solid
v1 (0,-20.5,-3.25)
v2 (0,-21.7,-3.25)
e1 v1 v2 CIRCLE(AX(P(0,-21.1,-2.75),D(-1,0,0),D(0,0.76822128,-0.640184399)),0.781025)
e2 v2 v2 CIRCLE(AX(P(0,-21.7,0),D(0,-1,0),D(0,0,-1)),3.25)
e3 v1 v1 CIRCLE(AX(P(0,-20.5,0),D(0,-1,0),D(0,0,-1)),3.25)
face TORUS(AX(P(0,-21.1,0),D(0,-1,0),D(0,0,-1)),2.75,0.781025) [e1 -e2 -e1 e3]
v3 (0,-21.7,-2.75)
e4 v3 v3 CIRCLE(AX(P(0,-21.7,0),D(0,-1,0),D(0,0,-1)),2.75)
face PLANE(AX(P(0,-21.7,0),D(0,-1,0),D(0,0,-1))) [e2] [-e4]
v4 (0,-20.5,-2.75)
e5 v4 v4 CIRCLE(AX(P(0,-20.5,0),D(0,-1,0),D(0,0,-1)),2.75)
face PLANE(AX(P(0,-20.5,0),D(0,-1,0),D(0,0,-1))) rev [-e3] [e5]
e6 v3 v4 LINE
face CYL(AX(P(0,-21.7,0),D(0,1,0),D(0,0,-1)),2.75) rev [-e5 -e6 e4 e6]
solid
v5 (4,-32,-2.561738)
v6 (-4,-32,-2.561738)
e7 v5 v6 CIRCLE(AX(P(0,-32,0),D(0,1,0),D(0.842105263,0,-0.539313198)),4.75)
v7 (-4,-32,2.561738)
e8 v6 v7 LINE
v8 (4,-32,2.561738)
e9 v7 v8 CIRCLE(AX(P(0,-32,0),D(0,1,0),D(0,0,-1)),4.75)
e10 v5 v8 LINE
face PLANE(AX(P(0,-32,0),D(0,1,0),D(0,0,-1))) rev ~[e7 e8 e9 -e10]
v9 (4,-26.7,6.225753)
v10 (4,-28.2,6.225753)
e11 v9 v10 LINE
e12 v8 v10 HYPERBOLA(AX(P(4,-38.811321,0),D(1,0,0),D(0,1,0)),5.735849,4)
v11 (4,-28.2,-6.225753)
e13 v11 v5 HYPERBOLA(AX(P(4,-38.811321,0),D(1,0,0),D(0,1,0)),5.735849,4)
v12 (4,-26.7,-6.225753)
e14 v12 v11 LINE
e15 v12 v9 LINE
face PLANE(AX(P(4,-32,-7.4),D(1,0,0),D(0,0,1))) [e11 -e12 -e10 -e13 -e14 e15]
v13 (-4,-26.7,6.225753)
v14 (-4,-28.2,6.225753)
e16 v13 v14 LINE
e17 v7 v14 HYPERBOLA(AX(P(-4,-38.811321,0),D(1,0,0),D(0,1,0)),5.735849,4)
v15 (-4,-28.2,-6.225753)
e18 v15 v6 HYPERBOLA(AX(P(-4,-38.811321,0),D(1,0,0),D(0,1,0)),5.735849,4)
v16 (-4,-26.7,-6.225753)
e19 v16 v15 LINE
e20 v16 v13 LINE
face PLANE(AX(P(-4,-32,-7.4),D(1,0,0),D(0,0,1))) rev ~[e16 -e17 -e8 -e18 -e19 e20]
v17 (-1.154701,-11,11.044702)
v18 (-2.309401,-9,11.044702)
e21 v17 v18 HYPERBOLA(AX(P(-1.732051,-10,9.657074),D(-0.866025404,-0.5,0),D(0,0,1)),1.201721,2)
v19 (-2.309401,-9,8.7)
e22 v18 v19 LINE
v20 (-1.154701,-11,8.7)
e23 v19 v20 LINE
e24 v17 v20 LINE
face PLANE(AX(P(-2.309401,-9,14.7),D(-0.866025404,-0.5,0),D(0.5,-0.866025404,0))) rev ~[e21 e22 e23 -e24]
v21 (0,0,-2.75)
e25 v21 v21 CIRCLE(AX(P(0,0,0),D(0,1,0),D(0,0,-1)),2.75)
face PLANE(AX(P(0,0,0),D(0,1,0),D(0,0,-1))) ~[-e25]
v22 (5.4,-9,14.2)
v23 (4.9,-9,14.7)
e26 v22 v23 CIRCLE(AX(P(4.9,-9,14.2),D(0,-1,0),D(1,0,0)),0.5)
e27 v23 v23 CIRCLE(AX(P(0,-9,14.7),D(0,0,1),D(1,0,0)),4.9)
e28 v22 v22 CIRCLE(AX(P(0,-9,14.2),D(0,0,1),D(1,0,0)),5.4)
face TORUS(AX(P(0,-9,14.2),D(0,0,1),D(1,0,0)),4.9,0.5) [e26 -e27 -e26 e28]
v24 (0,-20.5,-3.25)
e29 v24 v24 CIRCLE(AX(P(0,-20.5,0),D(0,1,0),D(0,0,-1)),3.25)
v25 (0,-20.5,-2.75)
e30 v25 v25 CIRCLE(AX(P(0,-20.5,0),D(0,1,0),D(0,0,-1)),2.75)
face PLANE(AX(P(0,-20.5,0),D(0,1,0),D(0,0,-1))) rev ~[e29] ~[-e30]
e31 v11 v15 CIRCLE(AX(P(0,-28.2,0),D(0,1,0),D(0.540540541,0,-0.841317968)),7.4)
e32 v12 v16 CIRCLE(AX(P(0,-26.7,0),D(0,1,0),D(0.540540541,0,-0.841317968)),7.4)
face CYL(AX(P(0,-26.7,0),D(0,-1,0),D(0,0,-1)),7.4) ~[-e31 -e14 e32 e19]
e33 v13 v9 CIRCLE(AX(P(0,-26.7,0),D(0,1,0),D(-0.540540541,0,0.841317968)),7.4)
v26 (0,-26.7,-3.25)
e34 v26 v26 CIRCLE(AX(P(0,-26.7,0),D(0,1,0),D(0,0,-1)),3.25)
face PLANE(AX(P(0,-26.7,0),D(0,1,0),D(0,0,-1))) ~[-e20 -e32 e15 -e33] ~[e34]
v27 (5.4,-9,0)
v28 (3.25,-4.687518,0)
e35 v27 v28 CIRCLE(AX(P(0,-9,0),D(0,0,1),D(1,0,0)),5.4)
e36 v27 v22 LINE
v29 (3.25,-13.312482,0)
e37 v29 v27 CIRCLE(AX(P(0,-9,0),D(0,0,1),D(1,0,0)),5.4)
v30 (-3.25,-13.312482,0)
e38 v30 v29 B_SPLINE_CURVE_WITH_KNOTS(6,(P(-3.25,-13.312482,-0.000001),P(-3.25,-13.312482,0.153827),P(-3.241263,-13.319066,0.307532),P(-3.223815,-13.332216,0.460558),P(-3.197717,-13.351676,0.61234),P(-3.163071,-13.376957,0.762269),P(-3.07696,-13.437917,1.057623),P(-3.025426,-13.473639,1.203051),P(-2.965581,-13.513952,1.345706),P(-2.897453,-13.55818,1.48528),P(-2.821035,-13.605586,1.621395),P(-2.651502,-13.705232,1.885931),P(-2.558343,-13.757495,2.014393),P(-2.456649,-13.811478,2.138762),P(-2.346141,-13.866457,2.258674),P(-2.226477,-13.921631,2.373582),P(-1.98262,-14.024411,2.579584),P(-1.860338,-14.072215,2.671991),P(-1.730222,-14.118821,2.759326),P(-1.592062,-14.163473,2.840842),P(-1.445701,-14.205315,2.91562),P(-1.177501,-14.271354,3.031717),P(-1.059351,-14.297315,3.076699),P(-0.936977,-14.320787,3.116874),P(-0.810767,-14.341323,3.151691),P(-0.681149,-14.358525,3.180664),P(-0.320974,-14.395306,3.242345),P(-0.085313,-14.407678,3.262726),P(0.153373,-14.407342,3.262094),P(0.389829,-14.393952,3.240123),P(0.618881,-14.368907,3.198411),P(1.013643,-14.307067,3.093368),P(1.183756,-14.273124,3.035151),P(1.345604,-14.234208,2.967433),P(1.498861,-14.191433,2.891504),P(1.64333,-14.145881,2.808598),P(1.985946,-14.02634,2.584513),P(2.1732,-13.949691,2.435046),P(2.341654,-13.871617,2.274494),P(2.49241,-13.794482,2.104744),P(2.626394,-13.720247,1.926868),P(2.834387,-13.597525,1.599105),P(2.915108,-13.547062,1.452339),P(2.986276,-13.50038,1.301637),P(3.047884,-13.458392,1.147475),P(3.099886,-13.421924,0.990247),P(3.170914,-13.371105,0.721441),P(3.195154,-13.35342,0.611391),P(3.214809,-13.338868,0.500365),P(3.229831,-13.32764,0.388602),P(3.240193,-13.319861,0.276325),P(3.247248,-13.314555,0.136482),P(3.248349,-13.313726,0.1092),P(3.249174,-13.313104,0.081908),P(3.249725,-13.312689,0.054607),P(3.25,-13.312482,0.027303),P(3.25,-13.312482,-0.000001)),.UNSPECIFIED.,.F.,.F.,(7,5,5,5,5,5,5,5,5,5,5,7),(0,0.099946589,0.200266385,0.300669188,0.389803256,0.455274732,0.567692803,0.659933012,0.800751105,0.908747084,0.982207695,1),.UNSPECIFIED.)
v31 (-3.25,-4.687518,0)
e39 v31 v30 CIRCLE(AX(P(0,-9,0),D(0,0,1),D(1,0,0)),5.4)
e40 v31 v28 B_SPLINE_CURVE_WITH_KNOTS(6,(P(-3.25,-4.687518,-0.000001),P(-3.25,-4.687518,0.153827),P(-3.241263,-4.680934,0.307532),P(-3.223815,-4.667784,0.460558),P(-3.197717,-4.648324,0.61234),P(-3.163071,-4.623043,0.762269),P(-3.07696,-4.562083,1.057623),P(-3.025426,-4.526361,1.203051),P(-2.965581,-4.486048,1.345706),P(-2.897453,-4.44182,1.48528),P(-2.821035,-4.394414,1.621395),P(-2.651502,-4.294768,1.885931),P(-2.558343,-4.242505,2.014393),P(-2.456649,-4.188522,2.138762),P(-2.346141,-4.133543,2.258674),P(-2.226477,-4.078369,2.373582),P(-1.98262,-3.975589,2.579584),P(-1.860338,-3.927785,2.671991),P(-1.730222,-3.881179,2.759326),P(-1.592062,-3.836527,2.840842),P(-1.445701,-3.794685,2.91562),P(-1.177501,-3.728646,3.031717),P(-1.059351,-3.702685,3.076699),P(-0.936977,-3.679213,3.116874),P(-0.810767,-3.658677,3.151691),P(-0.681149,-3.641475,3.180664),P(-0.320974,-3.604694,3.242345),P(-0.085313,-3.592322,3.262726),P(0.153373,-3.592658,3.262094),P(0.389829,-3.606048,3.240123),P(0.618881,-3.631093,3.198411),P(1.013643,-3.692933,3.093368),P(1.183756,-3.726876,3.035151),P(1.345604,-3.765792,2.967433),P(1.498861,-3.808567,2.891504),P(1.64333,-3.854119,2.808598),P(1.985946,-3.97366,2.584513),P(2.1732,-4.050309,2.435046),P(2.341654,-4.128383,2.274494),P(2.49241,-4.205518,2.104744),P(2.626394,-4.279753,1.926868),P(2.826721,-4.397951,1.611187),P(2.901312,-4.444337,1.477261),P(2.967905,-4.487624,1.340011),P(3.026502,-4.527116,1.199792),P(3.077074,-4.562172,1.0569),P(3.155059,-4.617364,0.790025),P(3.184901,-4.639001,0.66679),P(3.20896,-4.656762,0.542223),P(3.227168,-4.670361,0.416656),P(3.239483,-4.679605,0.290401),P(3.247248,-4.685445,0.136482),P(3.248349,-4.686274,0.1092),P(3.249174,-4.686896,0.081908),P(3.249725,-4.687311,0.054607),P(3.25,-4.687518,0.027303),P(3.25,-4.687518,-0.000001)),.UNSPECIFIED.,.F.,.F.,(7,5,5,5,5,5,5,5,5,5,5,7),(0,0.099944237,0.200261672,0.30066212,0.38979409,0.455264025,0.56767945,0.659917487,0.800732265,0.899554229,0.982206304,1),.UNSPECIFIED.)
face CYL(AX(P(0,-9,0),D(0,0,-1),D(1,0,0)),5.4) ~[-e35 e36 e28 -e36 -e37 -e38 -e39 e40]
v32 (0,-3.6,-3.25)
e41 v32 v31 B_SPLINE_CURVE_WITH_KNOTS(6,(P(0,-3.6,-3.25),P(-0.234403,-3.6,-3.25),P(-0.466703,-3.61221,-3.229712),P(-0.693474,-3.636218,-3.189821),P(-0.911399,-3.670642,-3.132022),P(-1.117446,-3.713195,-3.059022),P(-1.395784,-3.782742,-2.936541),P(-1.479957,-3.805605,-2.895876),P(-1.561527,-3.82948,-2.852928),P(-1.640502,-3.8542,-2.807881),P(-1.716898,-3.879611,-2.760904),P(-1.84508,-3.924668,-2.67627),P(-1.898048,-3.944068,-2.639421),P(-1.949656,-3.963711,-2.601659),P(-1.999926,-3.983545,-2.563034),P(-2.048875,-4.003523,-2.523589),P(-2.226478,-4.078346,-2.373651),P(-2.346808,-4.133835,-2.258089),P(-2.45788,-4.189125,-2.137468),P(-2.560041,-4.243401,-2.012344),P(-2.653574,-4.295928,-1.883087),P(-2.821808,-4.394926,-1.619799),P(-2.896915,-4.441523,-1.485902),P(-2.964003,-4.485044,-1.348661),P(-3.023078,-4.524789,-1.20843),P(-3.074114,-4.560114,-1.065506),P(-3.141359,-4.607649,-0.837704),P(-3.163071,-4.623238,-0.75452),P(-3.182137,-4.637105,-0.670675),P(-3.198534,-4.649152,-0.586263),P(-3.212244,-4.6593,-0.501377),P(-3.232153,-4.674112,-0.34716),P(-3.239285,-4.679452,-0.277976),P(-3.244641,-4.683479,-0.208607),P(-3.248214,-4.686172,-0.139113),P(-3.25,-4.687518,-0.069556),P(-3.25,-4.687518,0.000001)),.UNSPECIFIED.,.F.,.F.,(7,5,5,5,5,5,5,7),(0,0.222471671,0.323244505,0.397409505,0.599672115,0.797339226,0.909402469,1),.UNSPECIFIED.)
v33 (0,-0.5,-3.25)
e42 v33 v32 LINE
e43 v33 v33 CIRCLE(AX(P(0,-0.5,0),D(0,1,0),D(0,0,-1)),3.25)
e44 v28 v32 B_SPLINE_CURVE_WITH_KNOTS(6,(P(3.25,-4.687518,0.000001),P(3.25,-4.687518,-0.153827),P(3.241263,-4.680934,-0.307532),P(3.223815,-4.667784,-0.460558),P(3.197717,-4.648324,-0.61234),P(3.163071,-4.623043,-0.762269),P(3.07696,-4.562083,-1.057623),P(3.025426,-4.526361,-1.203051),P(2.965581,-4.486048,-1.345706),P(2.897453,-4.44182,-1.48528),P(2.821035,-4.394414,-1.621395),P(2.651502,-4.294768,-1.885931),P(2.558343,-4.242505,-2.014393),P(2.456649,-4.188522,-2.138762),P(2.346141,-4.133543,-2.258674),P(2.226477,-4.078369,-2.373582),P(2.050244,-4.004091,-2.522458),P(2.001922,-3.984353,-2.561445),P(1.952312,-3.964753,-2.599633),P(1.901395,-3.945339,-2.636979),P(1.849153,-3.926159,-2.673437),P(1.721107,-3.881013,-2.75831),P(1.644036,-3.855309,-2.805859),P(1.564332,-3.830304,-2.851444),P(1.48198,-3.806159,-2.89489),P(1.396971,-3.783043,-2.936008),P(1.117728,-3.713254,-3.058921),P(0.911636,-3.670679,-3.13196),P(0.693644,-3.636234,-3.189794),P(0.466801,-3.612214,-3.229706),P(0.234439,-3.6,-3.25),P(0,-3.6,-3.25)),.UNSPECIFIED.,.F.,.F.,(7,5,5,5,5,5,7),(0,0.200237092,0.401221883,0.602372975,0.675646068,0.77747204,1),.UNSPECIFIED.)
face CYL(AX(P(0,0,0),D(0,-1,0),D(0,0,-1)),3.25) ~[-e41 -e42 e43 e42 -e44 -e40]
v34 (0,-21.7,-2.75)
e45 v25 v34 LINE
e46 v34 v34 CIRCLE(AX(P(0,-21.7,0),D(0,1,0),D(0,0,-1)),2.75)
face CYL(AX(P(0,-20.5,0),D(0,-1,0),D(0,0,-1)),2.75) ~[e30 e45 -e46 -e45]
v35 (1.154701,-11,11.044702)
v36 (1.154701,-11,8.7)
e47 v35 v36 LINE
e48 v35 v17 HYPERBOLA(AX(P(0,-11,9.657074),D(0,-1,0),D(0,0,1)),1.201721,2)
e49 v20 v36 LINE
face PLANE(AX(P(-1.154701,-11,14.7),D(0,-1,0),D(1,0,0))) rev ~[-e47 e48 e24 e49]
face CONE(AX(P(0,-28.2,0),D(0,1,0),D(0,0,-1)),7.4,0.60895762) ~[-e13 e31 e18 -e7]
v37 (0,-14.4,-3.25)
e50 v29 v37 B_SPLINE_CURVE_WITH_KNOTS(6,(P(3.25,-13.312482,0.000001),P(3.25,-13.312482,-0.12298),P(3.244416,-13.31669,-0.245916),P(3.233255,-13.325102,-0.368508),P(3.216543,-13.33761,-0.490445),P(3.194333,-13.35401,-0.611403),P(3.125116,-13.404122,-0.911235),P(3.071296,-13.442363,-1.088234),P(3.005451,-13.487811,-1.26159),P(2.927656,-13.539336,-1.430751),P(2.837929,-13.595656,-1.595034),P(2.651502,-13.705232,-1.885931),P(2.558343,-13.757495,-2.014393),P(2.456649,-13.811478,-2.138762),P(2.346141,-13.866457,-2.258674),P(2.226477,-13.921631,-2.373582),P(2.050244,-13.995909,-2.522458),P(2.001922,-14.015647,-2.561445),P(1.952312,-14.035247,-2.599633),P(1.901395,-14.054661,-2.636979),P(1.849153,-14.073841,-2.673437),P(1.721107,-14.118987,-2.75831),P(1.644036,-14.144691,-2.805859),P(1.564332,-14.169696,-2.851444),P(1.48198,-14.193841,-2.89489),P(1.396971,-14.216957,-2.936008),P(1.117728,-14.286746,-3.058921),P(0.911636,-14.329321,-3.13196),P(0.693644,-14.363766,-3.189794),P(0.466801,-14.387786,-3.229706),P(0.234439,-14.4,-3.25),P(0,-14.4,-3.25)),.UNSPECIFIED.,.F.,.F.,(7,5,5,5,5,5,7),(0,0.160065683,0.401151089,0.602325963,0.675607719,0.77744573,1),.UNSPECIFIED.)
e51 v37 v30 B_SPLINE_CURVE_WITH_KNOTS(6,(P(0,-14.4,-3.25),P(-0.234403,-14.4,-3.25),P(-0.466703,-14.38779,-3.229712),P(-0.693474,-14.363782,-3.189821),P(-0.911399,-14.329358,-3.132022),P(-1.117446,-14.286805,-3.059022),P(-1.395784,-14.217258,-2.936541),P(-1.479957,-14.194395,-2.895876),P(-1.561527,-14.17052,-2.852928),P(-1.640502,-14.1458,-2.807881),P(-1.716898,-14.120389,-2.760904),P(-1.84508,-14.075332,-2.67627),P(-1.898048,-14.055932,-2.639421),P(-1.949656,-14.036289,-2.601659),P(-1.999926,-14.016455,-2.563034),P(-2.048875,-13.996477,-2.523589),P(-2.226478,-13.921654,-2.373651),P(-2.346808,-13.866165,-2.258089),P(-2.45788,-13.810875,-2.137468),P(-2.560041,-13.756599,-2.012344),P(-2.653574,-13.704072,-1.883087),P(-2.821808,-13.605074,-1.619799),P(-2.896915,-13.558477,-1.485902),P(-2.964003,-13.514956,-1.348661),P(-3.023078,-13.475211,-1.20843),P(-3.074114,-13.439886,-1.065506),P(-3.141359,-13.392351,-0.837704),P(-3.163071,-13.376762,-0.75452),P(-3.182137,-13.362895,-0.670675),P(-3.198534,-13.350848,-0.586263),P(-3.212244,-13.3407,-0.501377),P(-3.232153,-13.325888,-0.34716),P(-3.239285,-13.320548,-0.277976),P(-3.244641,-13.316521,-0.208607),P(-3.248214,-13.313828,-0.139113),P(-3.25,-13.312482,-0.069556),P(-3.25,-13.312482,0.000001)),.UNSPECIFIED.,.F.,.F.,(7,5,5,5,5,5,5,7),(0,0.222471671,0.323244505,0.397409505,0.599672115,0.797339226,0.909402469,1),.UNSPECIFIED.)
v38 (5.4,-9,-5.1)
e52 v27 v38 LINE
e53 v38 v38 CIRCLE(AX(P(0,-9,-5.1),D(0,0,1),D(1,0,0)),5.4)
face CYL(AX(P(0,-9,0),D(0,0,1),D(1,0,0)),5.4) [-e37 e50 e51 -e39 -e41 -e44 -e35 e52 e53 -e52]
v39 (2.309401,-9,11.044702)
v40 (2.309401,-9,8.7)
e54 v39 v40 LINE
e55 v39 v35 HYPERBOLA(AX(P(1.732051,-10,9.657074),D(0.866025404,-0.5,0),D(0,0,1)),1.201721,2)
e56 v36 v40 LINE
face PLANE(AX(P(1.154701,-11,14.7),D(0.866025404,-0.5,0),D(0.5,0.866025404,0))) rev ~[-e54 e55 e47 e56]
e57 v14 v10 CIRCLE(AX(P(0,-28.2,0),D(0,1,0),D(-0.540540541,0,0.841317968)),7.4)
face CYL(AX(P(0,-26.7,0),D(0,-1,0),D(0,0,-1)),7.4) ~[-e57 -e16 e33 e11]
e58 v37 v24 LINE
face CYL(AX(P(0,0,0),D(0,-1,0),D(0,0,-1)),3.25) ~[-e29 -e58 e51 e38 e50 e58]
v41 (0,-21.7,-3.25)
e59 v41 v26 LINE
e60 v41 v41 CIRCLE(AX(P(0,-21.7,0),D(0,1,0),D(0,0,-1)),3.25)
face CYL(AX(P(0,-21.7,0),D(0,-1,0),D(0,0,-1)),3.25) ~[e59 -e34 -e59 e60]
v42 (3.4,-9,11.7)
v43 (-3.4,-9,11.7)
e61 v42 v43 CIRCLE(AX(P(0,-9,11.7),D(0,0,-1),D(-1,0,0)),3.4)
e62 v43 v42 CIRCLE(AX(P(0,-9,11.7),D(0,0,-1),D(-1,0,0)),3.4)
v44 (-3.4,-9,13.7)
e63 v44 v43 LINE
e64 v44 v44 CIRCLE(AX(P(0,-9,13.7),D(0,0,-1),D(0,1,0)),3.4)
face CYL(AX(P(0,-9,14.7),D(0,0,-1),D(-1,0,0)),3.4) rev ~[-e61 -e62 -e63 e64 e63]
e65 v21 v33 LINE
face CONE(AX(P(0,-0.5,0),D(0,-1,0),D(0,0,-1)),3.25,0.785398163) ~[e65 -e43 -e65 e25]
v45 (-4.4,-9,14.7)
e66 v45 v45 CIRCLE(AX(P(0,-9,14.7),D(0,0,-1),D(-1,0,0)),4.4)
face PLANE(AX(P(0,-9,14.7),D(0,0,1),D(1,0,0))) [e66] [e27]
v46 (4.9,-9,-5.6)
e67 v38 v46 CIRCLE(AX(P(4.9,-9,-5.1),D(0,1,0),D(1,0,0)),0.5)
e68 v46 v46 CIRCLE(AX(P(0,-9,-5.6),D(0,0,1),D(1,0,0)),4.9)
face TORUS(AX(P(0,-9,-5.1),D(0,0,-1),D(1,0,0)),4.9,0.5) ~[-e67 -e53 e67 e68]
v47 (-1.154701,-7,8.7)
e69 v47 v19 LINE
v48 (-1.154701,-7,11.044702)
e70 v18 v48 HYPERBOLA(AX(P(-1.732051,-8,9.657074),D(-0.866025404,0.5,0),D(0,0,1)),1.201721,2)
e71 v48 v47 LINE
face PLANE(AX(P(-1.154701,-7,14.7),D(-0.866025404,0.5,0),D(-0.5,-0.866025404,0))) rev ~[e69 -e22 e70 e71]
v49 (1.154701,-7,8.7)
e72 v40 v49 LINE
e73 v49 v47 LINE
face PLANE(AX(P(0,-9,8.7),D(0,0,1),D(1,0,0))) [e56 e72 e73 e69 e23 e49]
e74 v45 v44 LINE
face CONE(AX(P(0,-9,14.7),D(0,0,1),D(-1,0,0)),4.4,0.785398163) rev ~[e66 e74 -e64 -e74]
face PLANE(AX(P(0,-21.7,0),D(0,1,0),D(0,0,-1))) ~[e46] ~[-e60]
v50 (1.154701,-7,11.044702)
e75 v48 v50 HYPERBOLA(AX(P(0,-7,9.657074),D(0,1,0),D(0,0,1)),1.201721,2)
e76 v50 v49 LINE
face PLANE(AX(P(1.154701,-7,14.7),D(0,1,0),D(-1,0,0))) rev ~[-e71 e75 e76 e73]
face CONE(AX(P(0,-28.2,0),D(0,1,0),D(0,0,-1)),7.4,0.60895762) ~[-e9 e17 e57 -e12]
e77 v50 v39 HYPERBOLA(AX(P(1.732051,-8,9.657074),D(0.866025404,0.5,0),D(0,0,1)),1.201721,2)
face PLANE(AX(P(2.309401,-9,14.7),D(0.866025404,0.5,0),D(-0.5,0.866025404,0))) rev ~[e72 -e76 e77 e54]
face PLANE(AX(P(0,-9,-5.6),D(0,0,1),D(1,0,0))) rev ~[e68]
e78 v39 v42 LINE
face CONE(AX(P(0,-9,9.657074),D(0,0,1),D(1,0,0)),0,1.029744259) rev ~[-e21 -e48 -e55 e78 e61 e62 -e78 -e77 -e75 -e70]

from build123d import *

# Parameters (mm, degrees)
SKETCH_6_OUTSIDE_W          = 24.448
SKETCH_6_OUTSIDE_H          = 24.448
SKETCH_6_OUTSIDE_W_2        = 8
SKETCH_6_OUTSIDE_H_2        = 14.8
CUT_EXTRUDE_1_DEPTH         = 5.3
CHAMFER_1_SIZE              = 0.5
SKETCH_12_R                 = 5.4
EXTRUDE_2_DEPTH             = 14.7
EXTRUDE_2_DEPTH_BACK        = 5.6
HOLE_WIZARD_M81_D           = 6.8
HOLE_WIZARD_M81_DEPTH       = 3
HOLE_WIZARD_M81_CSINK_D     = 8.8
HOLE_WIZARD_M81_CSINK_ANGLE = 90
HOLE_WIZARD_M81_TIP         = 2.042926105
FILLET_1_R                  = 0.5
CUT_EXTRUDE_2_DEPTH         = 6


with BuildPart() as part:
    # Эскиз3 → Повернуть1 (revolve)
    with BuildSketch(Plane.XY, mode=Mode.PRIVATE) as revolve_1_sk:
        Polygon((0, 0), (-3.25, 0), (-3.25, -20.5), (-2.75, -20.5), (-2.75, -21.7), (-3.25, -21.7), (-3.25, -26.7), (-7.4, -26.7), (-7.4, -28.2), (-4.75, -32), (0, -32), align=None)
    revolve(revolve_1_sk.sketch.rotate(Axis((0, 0, 0), (0, 1, 0)), 270), axis=Axis((0, 0, 0), (0, 1, 0)))  # turned: the seam where the file's is

    # Эскиз6 outside → Вырез-Вытянуть1 (cut)
    with BuildSketch(Plane.XZ.offset(32)):
        Rectangle(SKETCH_6_OUTSIDE_W, SKETCH_6_OUTSIDE_H)
        Rectangle(SKETCH_6_OUTSIDE_W_2, SKETCH_6_OUTSIDE_H_2, mode=Mode.SUBTRACT)
    extrude(amount=-CUT_EXTRUDE_1_DEPTH, mode=Mode.SUBTRACT)

    # Фаска1
    chamfer_1_edges = [part.edges().sort_by_distance(p)[0] for p in [
        (0, 0, 3.25),
    ]]
    chamfer(chamfer_1_edges, length=CHAMFER_1_SIZE)

    # Эскиз12 → Бобышка-Вытянуть2 (add, two sides)
    with BuildSketch(Plane.XY) as extrude_2_sk:
        with Locations((0, -9)):
            Circle(SKETCH_12_R)
    extrude(amount=EXTRUDE_2_DEPTH)
    extrude(extrude_2_sk.sketch, amount=-EXTRUDE_2_DEPTH_BACK)

    # Отверстие обработанное метчиком M81
    with Locations(Plane.XY.offset(14.7)):
        with Locations((0, -9)):
            CounterSinkHole(HOLE_WIZARD_M81_D / 2, HOLE_WIZARD_M81_CSINK_D / 2, depth=HOLE_WIZARD_M81_DEPTH, counter_sink_angle=HOLE_WIZARD_M81_CSINK_ANGLE)
            with Locations((0, 0, -(HOLE_WIZARD_M81_DEPTH + HOLE_WIZARD_M81_TIP / 2))):  # 118° drill point
                Cone(0, HOLE_WIZARD_M81_D / 2, HOLE_WIZARD_M81_TIP, mode=Mode.SUBTRACT)

    # Скругление1
    fillet_1_edges = [part.edges().sort_by_distance(p)[0] for p in [
        (-5.4, -9, -5.6),
        (-5.4, -9, 14.7),
    ]]
    fillet(fillet_1_edges, radius=FILLET_1_R)

    # Эскиз15 → Вырез-Вытянуть2 (cut)
    with BuildSketch(Plane.XY.offset(14.7)):
        Polygon((2.309401077, -9), (1.154700538, -7), (-1.154700538, -7), (-2.309401077, -9), (-1.154700538, -11), (1.154700538, -11), align=None)
    extrude(amount=-CUT_EXTRUDE_2_DEPTH, mode=Mode.SUBTRACT)


with BuildPart() as body_2:
    # Эскиз16 → Повернуть2 (revolve)
    with BuildSketch(Plane.XY, mode=Mode.PRIVATE) as revolve_2_sk:
        with BuildLine():
            Line((-2.75, -20.5), (-3.25, -20.5))
            ThreePointArc((-3.25, -20.5), (-3.531024968, -21.1), (-3.25, -21.7))
            Line((-3.25, -21.7), (-2.75, -21.7))
            Line((-2.75, -21.7), (-2.75, -20.5))
        make_face()
    revolve(revolve_2_sk.sketch.rotate(Axis((0, -20.5, 0), (0, -1, 0)), 90), axis=Axis((0, -20.5, 0), (0, -1, 0)))  # turned: the seam where the file's is


solid = Compound([part.part, body_2.part])
